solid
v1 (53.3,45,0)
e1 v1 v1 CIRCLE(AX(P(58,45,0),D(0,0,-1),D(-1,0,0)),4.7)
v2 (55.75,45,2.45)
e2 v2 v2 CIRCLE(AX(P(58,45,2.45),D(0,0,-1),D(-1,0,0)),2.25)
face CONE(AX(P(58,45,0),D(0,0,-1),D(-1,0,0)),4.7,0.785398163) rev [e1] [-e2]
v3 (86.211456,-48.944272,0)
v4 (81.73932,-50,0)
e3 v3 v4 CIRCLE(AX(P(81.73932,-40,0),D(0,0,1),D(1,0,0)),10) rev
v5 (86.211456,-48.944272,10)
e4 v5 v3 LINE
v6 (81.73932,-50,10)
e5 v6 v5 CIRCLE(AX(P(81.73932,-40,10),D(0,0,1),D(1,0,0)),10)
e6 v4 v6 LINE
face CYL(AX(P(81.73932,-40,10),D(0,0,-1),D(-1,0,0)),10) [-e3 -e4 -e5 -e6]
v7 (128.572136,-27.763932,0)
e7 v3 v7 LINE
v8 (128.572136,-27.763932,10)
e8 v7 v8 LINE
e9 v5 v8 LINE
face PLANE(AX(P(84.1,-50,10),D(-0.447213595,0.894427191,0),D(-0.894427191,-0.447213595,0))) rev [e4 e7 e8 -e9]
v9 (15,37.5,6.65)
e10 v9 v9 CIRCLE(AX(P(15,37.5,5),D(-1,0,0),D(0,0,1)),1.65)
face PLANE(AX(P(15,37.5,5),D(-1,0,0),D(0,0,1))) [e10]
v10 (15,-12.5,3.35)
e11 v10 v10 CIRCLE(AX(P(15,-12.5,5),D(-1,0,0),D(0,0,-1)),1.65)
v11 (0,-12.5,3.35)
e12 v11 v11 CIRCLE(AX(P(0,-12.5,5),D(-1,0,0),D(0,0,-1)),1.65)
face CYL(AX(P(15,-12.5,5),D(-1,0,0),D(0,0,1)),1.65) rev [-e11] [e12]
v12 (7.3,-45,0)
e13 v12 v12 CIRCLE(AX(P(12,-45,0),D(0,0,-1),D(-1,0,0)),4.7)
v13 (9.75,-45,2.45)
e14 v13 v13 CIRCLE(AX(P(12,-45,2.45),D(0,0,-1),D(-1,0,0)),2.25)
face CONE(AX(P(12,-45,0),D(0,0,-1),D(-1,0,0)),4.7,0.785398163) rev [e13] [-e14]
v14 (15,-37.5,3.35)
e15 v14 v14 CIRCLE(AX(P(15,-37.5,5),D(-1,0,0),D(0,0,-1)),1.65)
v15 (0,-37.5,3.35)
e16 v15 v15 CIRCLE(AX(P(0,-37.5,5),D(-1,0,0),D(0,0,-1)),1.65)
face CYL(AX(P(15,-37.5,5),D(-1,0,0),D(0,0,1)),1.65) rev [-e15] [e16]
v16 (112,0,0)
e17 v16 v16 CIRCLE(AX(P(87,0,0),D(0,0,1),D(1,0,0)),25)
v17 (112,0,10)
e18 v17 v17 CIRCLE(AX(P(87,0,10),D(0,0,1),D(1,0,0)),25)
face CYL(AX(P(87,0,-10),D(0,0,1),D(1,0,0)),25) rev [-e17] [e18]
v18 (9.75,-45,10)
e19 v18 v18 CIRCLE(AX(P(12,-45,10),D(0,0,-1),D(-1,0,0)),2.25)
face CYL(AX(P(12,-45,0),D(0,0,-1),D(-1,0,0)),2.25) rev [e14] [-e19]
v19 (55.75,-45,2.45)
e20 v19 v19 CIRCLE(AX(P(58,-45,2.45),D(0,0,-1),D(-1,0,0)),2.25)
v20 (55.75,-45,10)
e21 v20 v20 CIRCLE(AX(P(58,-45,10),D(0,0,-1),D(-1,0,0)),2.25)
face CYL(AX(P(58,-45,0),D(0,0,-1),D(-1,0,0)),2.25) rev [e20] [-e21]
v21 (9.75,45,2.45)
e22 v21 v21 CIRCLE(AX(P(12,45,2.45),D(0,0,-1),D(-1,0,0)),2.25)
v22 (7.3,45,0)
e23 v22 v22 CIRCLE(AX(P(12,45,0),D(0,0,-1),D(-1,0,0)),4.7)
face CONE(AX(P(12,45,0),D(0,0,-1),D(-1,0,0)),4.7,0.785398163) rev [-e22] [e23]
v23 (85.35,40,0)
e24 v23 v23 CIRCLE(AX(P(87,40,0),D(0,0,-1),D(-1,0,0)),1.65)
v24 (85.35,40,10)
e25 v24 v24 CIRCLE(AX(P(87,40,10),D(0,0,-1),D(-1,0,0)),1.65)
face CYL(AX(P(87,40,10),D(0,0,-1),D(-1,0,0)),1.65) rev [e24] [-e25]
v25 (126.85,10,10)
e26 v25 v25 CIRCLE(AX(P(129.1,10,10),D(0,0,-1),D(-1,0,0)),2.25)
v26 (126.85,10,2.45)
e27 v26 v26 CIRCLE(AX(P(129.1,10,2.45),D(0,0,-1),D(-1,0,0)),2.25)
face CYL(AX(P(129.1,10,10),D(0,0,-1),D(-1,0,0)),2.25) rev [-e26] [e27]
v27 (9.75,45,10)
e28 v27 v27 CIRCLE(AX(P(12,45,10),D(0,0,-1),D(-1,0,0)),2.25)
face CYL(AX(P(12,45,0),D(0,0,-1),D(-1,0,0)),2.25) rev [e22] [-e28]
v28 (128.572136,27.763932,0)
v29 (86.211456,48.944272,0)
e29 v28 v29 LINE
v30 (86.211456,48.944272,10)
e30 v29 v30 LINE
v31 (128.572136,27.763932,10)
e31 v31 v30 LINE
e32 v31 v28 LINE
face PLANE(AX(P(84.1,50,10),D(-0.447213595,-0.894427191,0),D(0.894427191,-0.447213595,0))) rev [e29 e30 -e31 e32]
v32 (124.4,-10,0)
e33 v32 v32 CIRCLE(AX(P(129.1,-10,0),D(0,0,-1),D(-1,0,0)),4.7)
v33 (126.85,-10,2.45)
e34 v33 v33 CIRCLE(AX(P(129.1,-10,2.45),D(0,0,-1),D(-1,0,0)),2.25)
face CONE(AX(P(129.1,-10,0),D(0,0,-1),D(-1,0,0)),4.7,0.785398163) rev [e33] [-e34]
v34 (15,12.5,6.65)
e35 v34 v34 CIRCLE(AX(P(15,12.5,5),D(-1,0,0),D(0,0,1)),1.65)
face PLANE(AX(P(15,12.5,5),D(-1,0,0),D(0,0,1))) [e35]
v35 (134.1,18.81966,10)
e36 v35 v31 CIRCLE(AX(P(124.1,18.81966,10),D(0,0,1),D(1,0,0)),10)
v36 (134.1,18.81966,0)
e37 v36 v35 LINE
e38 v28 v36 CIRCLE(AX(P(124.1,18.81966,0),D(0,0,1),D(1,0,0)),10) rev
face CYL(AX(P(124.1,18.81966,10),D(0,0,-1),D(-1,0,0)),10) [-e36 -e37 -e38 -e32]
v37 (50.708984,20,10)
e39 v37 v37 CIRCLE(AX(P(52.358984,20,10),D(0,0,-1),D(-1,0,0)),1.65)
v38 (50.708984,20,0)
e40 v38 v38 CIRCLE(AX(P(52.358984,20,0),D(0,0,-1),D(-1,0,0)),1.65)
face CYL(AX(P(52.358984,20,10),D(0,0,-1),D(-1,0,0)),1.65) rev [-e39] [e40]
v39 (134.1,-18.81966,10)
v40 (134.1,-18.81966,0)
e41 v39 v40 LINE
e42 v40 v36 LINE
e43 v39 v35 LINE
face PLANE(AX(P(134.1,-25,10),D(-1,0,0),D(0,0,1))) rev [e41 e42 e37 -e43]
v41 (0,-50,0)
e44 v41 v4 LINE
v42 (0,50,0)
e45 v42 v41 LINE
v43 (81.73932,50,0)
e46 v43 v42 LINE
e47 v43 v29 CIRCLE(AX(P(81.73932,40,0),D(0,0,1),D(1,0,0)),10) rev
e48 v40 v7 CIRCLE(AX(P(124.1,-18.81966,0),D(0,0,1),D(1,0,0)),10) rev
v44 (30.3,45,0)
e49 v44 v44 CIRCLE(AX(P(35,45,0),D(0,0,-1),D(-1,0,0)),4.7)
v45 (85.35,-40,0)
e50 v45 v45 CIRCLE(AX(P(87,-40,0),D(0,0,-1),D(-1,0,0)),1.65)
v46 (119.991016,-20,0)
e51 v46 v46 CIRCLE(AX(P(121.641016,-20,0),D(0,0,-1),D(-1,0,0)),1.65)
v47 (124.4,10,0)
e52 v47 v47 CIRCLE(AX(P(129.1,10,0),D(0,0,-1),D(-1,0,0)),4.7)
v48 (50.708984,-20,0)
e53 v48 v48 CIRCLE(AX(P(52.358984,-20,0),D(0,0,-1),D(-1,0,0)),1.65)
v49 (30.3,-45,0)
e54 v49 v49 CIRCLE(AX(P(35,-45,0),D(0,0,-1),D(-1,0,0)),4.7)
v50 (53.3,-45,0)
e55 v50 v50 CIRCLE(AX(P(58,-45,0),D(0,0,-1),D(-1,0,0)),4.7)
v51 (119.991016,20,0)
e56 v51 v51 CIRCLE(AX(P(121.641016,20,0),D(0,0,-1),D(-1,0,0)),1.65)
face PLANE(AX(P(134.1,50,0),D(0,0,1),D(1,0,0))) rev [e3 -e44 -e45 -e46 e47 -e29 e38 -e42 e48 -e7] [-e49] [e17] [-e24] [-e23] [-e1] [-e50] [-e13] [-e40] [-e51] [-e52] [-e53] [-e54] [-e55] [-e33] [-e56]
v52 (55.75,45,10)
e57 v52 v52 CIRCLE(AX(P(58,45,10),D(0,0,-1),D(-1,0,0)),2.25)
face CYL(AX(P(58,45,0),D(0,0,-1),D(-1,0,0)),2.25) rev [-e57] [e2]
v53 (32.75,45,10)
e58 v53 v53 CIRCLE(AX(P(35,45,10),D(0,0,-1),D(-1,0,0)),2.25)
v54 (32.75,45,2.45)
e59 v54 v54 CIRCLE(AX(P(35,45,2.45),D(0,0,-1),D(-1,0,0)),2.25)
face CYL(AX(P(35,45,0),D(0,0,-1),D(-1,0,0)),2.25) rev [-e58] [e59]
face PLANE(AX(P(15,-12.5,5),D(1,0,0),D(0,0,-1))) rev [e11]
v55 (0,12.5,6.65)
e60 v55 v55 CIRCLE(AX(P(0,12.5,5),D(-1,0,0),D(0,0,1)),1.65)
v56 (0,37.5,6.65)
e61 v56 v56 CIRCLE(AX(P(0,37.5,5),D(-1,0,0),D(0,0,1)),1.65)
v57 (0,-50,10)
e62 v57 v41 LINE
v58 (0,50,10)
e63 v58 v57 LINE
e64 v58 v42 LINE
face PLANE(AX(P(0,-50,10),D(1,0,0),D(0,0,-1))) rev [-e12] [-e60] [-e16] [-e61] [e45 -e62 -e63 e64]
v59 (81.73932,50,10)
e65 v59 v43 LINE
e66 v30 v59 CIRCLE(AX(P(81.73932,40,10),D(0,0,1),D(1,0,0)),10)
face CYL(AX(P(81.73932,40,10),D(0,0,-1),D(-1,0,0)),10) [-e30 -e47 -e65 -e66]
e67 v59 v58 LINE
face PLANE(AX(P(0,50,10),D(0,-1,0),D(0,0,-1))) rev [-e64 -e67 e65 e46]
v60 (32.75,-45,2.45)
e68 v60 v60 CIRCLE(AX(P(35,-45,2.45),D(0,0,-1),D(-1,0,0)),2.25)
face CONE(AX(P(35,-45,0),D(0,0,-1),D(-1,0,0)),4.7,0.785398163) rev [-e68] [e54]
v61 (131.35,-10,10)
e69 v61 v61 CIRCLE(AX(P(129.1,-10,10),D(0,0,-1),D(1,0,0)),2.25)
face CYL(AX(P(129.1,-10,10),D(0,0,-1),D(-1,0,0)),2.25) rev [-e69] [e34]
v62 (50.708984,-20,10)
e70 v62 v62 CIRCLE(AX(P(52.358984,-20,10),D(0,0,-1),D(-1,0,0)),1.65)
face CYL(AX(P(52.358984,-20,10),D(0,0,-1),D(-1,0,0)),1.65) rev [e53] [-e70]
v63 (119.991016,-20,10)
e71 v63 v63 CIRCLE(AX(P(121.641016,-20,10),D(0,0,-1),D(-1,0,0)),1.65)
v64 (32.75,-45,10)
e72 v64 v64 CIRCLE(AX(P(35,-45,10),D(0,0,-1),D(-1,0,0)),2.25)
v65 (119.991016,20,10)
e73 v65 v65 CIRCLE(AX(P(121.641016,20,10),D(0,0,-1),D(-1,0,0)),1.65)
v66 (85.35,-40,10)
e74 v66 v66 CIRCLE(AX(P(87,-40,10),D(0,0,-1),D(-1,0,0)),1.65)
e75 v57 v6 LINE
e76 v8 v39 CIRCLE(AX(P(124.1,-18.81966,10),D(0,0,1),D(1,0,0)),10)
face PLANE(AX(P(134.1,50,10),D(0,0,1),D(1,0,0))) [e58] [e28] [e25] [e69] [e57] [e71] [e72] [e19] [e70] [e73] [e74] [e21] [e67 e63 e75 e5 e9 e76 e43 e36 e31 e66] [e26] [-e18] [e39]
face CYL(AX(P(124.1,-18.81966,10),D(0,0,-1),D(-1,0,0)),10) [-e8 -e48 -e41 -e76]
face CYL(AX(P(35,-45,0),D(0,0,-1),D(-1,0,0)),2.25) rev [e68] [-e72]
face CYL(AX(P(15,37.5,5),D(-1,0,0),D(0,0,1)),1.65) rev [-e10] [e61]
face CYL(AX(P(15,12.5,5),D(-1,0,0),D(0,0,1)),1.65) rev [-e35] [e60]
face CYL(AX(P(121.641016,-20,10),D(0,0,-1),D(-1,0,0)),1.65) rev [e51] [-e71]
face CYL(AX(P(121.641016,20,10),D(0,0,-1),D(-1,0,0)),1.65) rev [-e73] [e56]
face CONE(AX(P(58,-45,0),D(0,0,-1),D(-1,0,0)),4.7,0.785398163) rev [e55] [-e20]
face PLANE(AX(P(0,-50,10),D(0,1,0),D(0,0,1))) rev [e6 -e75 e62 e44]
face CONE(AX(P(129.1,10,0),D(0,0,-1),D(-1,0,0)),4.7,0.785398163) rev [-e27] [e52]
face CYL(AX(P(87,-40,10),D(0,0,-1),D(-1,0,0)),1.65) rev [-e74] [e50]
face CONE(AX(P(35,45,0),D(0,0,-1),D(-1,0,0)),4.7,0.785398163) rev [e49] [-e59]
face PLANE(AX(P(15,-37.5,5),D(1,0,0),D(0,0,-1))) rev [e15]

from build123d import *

# Parameters (mm, degrees)
EXTRUDE1_DEPTH                                  = 10
SKETCH5_R                                       = 25
CUT_EXTRUDE1_DEPTH                              = 20
SKETCH6_R                                       = 1.65
CUT_EXTRUDE2_DEPTH                              = 15
CUT_EXTRUDE3_REACH                              = 145.467
SKETCH7_R                                       = 1.5
CSK_FOR_M4_FLAT_HEAD_MACHINE_SCREW1_D           = 4.5
CSK_FOR_M4_FLAT_HEAD_MACHINE_SCREW1_CSINK_D     = 9.4
CSK_FOR_M4_FLAT_HEAD_MACHINE_SCREW1_CSINK_ANGLE = 90
SKETCH10_R                                      = 1.65
CUT_EXTRUDE4_DEPTH                              = 10
FILLET1_R                                       = 10
SKETCH13_R                                      = 2.25
CUT_EXTRUDE5_DEPTH                              = 10
CSK_FOR_M4_FLAT_HEAD_MACHINE_SCREW3_D           = 4.5
CSK_FOR_M4_FLAT_HEAD_MACHINE_SCREW3_CSINK_D     = 9.4
CSK_FOR_M4_FLAT_HEAD_MACHINE_SCREW3_CSINK_ANGLE = 90


with BuildPart() as part:
    # Sketch1 → Extrude1 (new body)
    with BuildSketch(Plane.XY):
        Polygon((0, -50), (84.1, -50), (134.1, -25), (134.1, 25), (84.1, 50), (0, 50), align=None)
    extrude(amount=EXTRUDE1_DEPTH)

    # Sketch5 → Cut-Extrude1 (cut)
    with BuildSketch(Plane.XY.offset(10)):
        with Locations((87, 0)):
            Circle(SKETCH5_R)
    extrude(amount=-CUT_EXTRUDE1_DEPTH, mode=Mode.SUBTRACT)

    # Sketch6 → Cut-Extrude2 (cut)
    with BuildSketch(Plane.ZY):
        with Locations((5, 37.5)):
            Circle(SKETCH6_R)
        with Locations((5, 12.5)):
            Circle(SKETCH6_R)
        with Locations(Location((5, -37.5, 0), (0, 0, 180))):
            Circle(SKETCH6_R)
        with Locations(Location((5, -12.5, 0), (0, 0, 180))):
            Circle(SKETCH6_R)
    extrude(amount=-CUT_EXTRUDE2_DEPTH, mode=Mode.SUBTRACT)

    # Sketch7 → Cut-Extrude3 (cut, up to next)
    with BuildSketch(Plane(origin=(0, 0, 0), x_dir=(-1, 0, 0), z_dir=(0, 0, -1)), mode=Mode.PRIVATE) as cut_extrude3_sk1:
        with Locations((-12, 45)):
            Circle(SKETCH7_R)
    cut_extrude3_tool1 = extrude(cut_extrude3_sk1.sketch, amount=-CUT_EXTRUDE3_REACH, mode=Mode.PRIVATE) & part.part
    # Sketch7 → Cut-Extrude3 (cut, up to next)
    with BuildSketch(Plane(origin=(0, 0, 0), x_dir=(-1, 0, 0), z_dir=(0, 0, -1)), mode=Mode.PRIVATE) as cut_extrude3_sk2:
        with Locations(Location((-35, 45, 0), (0, 0, 180))):
            Circle(SKETCH7_R)
    cut_extrude3_tool2 = extrude(cut_extrude3_sk2.sketch, amount=-CUT_EXTRUDE3_REACH, mode=Mode.PRIVATE) & part.part
    # Sketch7 → Cut-Extrude3 (cut, up to next)
    with BuildSketch(Plane(origin=(0, 0, 0), x_dir=(-1, 0, 0), z_dir=(0, 0, -1)), mode=Mode.PRIVATE) as cut_extrude3_sk3:
        with Locations(Location((-58, 45, 0), (0, 0, 180))):
            Circle(SKETCH7_R)
    cut_extrude3_tool3 = extrude(cut_extrude3_sk3.sketch, amount=-CUT_EXTRUDE3_REACH, mode=Mode.PRIVATE) & part.part
    # Sketch7 → Cut-Extrude3 (cut, up to next)
    with BuildSketch(Plane(origin=(0, 0, 0), x_dir=(-1, 0, 0), z_dir=(0, 0, -1)), mode=Mode.PRIVATE) as cut_extrude3_sk4:
        with Locations((-58, -45)):
            Circle(SKETCH7_R)
    cut_extrude3_tool4 = extrude(cut_extrude3_sk4.sketch, amount=-CUT_EXTRUDE3_REACH, mode=Mode.PRIVATE) & part.part
    # Sketch7 → Cut-Extrude3 (cut, up to next)
    with BuildSketch(Plane(origin=(0, 0, 0), x_dir=(-1, 0, 0), z_dir=(0, 0, -1)), mode=Mode.PRIVATE) as cut_extrude3_sk5:
        with Locations((-35, -45)):
            Circle(SKETCH7_R)
    cut_extrude3_tool5 = extrude(cut_extrude3_sk5.sketch, amount=-CUT_EXTRUDE3_REACH, mode=Mode.PRIVATE) & part.part
    # Sketch7 → Cut-Extrude3 (cut, up to next)
    with BuildSketch(Plane(origin=(0, 0, 0), x_dir=(-1, 0, 0), z_dir=(0, 0, -1)), mode=Mode.PRIVATE) as cut_extrude3_sk6:
        with Locations(Location((-12, -45, 0), (0, 0, 180))):
            Circle(SKETCH7_R)
    cut_extrude3_tool6 = extrude(cut_extrude3_sk6.sketch, amount=-CUT_EXTRUDE3_REACH, mode=Mode.PRIVATE) & part.part
    add(cut_extrude3_tool1.solids().sort_by_distance((12, 45, 0))[0], mode=Mode.SUBTRACT)
    add(cut_extrude3_tool2.solids().sort_by_distance((35, 45, 0))[0], mode=Mode.SUBTRACT)
    add(cut_extrude3_tool3.solids().sort_by_distance((58, 45, 0))[0], mode=Mode.SUBTRACT)
    add(cut_extrude3_tool4.solids().sort_by_distance((58, -45, 0))[0], mode=Mode.SUBTRACT)
    add(cut_extrude3_tool5.solids().sort_by_distance((35, -45, 0))[0], mode=Mode.SUBTRACT)
    add(cut_extrude3_tool6.solids().sort_by_distance((12, -45, 0))[0], mode=Mode.SUBTRACT)

    # CSK for M4 Flat Head Machine Screw1 (through all)
    with Locations(Plane(origin=(0, 0, 0), x_dir=(-1, 0, 0), z_dir=(0, 0, -1))):
        with Locations((-12, 45), (-35, 45), (-58, 45), (-12, -45), (-35, -45), (-58, -45)):
            CounterSinkHole(CSK_FOR_M4_FLAT_HEAD_MACHINE_SCREW1_D / 2, CSK_FOR_M4_FLAT_HEAD_MACHINE_SCREW1_CSINK_D / 2, counter_sink_angle=CSK_FOR_M4_FLAT_HEAD_MACHINE_SCREW1_CSINK_ANGLE)

    # Sketch10 → Cut-Extrude4 (cut)
    with BuildSketch(Plane(origin=(0, 0, 0), x_dir=(-1, 0, 0), z_dir=(0, 0, -1))):
        with Locations((-87, 40)):
            Circle(SKETCH10_R)
        with Locations((-52.358983849, 20)):
            Circle(SKETCH10_R)
        with Locations((-52.358983849, -20)):
            Circle(SKETCH10_R)
        with Locations((-87, -40)):
            Circle(SKETCH10_R)
        with Locations((-121.641016151, -20)):
            Circle(SKETCH10_R)
        with Locations((-121.641016151, 20)):
            Circle(SKETCH10_R)
    extrude(amount=-CUT_EXTRUDE4_DEPTH, mode=Mode.SUBTRACT)

    # Fillet1
    fillet1_edges = [part.edges().sort_by_distance(p)[0] for p in [
        (84.1, 50, 5),
        (134.1, 25, 5),
        (134.1, -25, 5),
        (84.1, -50, 5),
    ]]
    fillet(fillet1_edges, radius=FILLET1_R)

    # Sketch13 → Cut-Extrude5 (cut)
    with BuildSketch(Plane(origin=(0, 0, 0), x_dir=(-1, 0, 0), z_dir=(0, 0, -1))):
        with Locations((-129.1, 10)):
            Circle(SKETCH13_R)
        with Locations(Location((-129.1, -10, 0), (0, 0, 180))):
            Circle(SKETCH13_R)
    extrude(amount=-CUT_EXTRUDE5_DEPTH, mode=Mode.SUBTRACT)

    # CSK for M4 Flat Head Machine Screw3 (through all)
    with Locations(Plane(origin=(0, 0, 0), x_dir=(-1, 0, 0), z_dir=(0, 0, -1))):
        with Locations((-129.1, 10), (-129.1, -10)):
            CounterSinkHole(CSK_FOR_M4_FLAT_HEAD_MACHINE_SCREW3_D / 2, CSK_FOR_M4_FLAT_HEAD_MACHINE_SCREW3_CSINK_D / 2, counter_sink_angle=CSK_FOR_M4_FLAT_HEAD_MACHINE_SCREW3_CSINK_ANGLE)


solid = part.part
